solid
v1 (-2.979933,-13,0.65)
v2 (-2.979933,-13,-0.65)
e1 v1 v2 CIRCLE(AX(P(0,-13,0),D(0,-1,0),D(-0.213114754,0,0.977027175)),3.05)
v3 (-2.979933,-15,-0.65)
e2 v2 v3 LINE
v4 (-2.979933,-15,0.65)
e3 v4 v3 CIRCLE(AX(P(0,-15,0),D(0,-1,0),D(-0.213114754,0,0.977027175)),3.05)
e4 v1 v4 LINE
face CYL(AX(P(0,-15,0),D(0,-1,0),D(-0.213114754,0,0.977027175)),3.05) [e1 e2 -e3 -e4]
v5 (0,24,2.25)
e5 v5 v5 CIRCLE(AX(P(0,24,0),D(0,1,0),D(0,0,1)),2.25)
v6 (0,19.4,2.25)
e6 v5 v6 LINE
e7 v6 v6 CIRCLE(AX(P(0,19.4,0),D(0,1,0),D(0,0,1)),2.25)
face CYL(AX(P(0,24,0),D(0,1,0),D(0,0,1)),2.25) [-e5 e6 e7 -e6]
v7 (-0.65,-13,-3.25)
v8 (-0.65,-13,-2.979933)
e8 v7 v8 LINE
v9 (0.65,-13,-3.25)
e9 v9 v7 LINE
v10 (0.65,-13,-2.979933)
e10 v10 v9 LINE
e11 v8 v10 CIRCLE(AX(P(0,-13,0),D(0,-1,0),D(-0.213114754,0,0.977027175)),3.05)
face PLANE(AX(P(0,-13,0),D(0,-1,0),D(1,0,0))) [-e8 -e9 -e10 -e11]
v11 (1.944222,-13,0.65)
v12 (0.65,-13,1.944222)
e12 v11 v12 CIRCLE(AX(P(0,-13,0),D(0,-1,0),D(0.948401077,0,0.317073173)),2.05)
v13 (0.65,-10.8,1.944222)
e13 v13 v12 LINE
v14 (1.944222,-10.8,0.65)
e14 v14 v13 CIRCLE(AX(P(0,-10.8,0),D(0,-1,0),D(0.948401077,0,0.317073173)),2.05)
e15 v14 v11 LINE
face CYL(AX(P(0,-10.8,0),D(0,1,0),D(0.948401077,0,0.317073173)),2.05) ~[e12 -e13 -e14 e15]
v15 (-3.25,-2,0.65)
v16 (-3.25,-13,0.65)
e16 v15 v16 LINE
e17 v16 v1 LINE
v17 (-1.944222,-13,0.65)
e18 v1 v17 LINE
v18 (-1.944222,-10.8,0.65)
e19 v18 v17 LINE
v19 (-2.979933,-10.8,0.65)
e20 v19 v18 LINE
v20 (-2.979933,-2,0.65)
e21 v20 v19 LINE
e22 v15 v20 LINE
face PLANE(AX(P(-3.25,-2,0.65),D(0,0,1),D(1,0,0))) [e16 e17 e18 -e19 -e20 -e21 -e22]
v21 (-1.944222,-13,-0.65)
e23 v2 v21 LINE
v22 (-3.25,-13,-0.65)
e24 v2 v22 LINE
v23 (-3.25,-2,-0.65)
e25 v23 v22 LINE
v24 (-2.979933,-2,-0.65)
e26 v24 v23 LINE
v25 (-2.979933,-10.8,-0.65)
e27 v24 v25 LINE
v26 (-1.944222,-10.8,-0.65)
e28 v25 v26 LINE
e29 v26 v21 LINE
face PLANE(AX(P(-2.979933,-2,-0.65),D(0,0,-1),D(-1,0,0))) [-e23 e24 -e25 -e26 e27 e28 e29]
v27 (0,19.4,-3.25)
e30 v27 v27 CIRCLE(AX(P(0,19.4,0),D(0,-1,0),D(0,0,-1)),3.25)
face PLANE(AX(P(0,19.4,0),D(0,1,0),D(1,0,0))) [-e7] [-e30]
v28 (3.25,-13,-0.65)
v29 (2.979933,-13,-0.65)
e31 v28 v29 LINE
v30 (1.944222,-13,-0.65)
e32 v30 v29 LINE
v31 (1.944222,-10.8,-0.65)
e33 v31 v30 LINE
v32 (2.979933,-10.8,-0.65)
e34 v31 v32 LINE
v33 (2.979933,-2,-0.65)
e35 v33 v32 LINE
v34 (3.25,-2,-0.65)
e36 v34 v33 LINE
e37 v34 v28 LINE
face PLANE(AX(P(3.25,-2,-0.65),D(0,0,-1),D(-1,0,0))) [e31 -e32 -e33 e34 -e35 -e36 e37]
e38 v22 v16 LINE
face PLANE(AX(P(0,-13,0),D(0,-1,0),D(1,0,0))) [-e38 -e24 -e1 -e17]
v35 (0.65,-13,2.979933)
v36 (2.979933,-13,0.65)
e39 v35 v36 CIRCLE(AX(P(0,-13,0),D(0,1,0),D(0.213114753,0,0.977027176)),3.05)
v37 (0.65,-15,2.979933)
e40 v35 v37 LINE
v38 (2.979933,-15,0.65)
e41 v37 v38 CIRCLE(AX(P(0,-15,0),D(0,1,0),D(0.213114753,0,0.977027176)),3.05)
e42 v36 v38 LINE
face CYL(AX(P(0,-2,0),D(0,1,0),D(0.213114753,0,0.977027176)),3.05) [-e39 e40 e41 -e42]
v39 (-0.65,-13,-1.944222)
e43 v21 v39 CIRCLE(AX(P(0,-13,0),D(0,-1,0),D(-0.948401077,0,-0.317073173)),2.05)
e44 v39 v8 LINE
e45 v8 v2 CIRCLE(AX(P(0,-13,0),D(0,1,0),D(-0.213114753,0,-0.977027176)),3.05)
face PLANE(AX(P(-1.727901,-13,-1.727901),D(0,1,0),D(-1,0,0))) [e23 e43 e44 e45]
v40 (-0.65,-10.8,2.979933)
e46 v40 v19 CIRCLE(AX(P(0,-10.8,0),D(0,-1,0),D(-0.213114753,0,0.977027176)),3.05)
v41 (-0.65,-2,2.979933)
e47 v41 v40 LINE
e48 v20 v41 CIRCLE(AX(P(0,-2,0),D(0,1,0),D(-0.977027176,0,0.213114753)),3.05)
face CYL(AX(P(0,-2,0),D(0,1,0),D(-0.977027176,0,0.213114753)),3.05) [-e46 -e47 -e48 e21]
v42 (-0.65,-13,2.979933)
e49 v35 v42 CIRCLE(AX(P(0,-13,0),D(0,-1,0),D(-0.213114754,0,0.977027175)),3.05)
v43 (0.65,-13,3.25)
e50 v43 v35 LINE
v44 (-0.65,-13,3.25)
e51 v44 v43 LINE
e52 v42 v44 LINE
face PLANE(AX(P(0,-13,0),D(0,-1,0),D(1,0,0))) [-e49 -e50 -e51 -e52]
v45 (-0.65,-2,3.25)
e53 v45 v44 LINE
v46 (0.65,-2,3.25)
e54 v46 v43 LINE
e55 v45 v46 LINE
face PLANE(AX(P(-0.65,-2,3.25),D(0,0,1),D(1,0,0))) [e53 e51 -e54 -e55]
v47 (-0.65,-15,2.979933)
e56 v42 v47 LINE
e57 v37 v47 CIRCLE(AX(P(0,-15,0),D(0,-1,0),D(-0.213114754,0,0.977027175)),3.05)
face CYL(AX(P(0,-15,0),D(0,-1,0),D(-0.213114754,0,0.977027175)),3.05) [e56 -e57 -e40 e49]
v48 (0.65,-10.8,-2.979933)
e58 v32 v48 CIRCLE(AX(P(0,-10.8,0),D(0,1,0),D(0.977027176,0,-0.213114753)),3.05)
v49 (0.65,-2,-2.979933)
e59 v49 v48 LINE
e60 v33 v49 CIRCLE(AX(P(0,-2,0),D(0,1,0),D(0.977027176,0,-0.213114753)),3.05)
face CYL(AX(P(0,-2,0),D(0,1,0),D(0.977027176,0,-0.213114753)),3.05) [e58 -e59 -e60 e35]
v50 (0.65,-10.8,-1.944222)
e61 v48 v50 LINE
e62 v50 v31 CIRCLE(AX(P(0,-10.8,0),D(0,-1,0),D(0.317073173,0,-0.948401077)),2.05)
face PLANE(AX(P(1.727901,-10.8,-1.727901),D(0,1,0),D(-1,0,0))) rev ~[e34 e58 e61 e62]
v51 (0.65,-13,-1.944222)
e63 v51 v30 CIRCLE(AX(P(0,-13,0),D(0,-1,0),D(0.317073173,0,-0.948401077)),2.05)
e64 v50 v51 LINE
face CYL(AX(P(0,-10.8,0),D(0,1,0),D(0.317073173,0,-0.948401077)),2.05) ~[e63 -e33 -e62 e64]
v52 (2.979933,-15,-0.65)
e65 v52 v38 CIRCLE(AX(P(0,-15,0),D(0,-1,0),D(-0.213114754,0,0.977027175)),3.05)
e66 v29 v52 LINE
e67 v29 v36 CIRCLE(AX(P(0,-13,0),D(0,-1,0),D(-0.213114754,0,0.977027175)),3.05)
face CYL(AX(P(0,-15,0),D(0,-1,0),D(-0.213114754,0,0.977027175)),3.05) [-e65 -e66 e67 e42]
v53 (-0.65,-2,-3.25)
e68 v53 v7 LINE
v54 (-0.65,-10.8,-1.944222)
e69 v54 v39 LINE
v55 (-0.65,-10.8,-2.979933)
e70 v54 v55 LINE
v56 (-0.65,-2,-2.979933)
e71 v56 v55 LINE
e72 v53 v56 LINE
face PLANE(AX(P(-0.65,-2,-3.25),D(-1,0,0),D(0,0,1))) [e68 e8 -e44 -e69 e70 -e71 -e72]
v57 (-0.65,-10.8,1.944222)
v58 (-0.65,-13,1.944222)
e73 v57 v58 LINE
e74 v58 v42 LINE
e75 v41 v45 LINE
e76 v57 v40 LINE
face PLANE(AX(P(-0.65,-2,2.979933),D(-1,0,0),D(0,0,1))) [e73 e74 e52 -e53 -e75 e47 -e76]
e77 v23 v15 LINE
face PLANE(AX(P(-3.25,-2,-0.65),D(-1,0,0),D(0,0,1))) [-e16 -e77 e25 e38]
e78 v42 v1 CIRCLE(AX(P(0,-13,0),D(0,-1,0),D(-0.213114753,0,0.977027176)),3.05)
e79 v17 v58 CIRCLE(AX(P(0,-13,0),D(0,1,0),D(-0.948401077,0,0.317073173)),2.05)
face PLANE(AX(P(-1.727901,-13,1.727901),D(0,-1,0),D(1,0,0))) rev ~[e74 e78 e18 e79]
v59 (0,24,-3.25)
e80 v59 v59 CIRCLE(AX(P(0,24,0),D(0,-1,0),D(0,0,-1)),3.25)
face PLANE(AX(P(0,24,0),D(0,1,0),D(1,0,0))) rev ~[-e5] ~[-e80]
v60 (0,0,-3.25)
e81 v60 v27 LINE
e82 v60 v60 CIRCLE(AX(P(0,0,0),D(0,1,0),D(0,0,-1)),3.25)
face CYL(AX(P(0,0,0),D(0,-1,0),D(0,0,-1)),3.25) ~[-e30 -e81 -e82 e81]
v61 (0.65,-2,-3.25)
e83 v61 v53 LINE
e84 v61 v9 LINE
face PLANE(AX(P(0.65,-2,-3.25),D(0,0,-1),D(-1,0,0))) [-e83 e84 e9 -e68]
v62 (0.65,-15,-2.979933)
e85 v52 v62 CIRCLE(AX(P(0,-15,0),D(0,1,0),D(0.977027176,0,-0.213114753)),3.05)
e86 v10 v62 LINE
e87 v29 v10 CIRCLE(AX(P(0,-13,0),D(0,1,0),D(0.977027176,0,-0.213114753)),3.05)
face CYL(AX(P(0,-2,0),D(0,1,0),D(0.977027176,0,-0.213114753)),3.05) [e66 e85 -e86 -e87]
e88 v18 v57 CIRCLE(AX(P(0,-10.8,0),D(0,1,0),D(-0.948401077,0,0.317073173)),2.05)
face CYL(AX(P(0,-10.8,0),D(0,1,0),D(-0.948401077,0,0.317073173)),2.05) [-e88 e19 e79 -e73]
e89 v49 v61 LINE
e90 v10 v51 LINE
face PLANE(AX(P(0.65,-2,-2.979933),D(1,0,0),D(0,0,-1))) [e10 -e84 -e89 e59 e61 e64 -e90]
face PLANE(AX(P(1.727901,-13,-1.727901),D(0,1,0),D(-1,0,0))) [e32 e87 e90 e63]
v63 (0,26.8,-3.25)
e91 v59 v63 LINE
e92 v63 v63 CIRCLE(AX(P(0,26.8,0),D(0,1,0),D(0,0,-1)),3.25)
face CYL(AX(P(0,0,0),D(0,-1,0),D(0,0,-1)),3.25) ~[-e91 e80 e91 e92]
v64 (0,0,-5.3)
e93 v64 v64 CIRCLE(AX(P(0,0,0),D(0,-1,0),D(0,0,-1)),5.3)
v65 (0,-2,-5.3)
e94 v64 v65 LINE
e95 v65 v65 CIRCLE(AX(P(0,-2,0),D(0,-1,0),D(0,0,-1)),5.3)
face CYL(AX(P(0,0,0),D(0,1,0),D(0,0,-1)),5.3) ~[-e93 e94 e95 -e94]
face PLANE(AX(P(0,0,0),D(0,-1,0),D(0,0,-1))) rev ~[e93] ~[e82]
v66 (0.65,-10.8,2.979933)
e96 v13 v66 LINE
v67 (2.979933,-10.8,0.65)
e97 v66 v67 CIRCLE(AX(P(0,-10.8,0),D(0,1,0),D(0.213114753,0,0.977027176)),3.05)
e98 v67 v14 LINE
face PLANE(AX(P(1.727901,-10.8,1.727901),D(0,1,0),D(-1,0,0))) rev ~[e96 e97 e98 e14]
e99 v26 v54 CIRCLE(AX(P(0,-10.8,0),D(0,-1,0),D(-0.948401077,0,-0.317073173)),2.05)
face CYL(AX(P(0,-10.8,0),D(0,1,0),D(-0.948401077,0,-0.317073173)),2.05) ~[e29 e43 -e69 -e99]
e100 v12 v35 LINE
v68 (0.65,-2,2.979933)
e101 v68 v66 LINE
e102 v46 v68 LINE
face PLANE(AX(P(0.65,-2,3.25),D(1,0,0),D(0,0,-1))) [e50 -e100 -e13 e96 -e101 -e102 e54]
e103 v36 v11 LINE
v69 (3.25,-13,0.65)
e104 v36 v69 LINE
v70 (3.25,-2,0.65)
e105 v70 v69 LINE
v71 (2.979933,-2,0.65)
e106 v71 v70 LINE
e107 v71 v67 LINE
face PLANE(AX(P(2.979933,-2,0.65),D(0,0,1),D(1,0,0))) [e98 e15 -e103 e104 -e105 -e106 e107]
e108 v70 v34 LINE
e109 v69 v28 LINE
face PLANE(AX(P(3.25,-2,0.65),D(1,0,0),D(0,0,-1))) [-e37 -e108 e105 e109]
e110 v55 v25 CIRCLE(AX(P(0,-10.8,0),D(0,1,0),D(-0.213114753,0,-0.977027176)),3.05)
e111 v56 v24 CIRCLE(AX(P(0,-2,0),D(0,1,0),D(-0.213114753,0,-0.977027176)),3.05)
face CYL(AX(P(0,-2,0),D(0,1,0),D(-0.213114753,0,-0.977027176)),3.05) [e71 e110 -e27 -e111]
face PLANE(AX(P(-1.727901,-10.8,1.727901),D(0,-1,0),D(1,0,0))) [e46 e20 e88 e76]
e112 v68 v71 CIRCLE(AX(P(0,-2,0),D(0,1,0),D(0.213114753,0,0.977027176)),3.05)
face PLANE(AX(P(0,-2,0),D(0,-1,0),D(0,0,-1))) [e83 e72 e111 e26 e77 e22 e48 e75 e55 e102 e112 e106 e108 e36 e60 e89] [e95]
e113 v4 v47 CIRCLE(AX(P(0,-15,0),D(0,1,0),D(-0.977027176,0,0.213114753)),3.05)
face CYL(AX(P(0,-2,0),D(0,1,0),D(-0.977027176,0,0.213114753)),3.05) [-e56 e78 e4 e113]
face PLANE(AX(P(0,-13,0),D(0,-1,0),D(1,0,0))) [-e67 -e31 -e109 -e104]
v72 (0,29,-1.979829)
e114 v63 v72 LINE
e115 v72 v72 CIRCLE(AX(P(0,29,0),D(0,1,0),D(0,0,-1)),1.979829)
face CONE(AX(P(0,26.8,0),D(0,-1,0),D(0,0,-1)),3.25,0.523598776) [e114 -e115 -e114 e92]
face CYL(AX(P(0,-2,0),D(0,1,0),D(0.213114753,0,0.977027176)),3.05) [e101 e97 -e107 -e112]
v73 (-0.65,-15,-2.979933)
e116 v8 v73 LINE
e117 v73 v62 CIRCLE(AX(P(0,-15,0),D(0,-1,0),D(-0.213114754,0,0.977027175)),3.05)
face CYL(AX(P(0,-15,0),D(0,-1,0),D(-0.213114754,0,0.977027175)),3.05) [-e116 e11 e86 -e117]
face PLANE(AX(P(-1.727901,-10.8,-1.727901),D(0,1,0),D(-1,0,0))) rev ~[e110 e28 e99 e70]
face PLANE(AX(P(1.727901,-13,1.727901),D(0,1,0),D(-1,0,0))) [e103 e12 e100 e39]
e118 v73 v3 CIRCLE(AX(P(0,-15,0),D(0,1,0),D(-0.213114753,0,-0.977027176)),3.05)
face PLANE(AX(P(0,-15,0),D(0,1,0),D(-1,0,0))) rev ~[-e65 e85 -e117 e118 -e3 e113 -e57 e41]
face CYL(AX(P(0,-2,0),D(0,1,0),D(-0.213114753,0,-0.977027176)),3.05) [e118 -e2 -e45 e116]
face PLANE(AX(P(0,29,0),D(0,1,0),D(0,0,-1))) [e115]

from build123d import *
from build123d.topology import SkipClean

# Parameters (mm, degrees)
SKETCH_1_R          = 3.25
EXTRUDE_1_DEPTH     = 29
CUT_EXTRUDE_START   = -5
SKETCH_2_OUTSIDE_W  = 14.584
SKETCH_2_OUTSIDE_H  = 14.584
SKETCH_2_OUTSIDE_R  = 2.25
CUT_EXTRUDE_1_DEPTH = 4.6
CHAMFER_1_SIZE      = 2.2
CHAMFER_1_SIZE2     = 1.270170592
SKETCH_3_R          = 5.3
EXTRUDE_2_DEPTH     = 2
EXTRUDE_3_DEPTH     = 13
CUT_EXTRUDE_START_2 = -4.2
CUT_EXTRUDE_2_DEPTH = 2.2
SKETCH_6_OUTSIDE_W  = 21.896
SKETCH_6_OUTSIDE_H  = 21.896
SKETCH_6_OUTSIDE_R  = 3.05
CUT_EXTRUDE_3_DEPTH = 2


with BuildPart() as part:
    # Эскиз1 → Бобышка-Вытянуть1 (new body)
    with BuildSketch(Plane(origin=(0, 0, 0), x_dir=(1, 0, 0), z_dir=(0, 1, 0))):
        with Locations(Location((0, 0, 0), (0, 0, 90))):
            Circle(SKETCH_1_R)
    extrude(amount=EXTRUDE_1_DEPTH)

    # Эскиз2 outside → Вырез-Вытянуть1 (cut)
    with BuildSketch(Plane(origin=(0, 29, 0), x_dir=(1, 0, 0), z_dir=(0, 1, 0)).offset(CUT_EXTRUDE_START)):
        Rectangle(SKETCH_2_OUTSIDE_W, SKETCH_2_OUTSIDE_H)
        with Locations(Location((0, 0, 0), (0, 0, 270))):
            Circle(SKETCH_2_OUTSIDE_R, mode=Mode.SUBTRACT)
    extrude(amount=-CUT_EXTRUDE_1_DEPTH, mode=Mode.SUBTRACT)

    # Фаска1
    chamfer_1_edges = [part.edges().sort_by_distance(p)[0] for p in [
        (0, 29, 3.25),
    ]]
    chamfer_1_side = [part.faces().sort_by_distance(p)[0] for p in [
        (0, 26.5, 3.25),
    ]]
    chamfer(chamfer_1_edges, length=CHAMFER_1_SIZE, length2=CHAMFER_1_SIZE2, reference=chamfer_1_side[0])

    # Эскиз3 → Бобышка-Вытянуть2 (add)
    with BuildSketch(Plane.XZ):
        with Locations(Location((0, 0, 0), (0, 0, 270))):
            Circle(SKETCH_3_R)
    extrude(amount=EXTRUDE_2_DEPTH)

    # Эскиз4 → Бобышка-Вытянуть3 (add)
    with BuildSketch(Plane.XZ.offset(2)):
        with BuildLine():
            Line((-0.65, 3.25), (0.65, 3.25))
            Line((0.65, 3.25), (0.65, 2.979932885))
            ThreePointArc((0.65, 2.979932885), (2.156675683, 2.156675683), (2.979932885, 0.65))
            Line((2.979932885, 0.65), (3.25, 0.65))
            Line((3.25, 0.65), (3.25, -0.65))
            Line((3.25, -0.65), (2.979932885, -0.65))
            ThreePointArc((2.979932885, -0.65), (2.156675683, -2.156675683), (0.65, -2.979932885))
            Line((0.65, -2.979932885), (0.65, -3.25))
            Line((0.65, -3.25), (-0.65, -3.25))
            Line((-0.65, -3.25), (-0.65, -2.979932885))
            ThreePointArc((-0.65, -2.979932885), (-2.156675683, -2.156675683), (-2.979932885, -0.65))
            Line((-2.979932885, -0.65), (-3.25, -0.65))
            Line((-3.25, -0.65), (-3.25, 0.65))
            Line((-3.25, 0.65), (-2.979932885, 0.65))
            ThreePointArc((-2.979932885, 0.65), (-2.156675683, 2.156675683), (-0.65, 2.979932885))
            Line((-0.65, 2.979932885), (-0.65, 3.25))
        make_face()
    extrude(amount=EXTRUDE_3_DEPTH)

    # Эскиз5 → Вырез-Вытянуть2 (cut)
    with BuildSketch(Plane.XZ.offset(15).offset(CUT_EXTRUDE_START_2)):
        with BuildLine():
            Line((-2.979932885, 0.65), (-1.94422221, 0.65))
            ThreePointArc((-1.94422221, 0.65), (-1.449568901, 1.449568901), (-0.65, 1.94422221))
            Line((-0.65, 1.94422221), (-0.65, 2.979932885))
            ThreePointArc((-0.65, 2.979932885), (-2.156675683, 2.156675683), (-2.979932885, 0.65))
        make_face()
        with BuildLine():
            Line((2.979932885, 0.65), (1.94422221, 0.65))
            ThreePointArc((1.94422221, 0.65), (1.449568901, 1.449568901), (0.65, 1.94422221))
            Line((0.65, 1.94422221), (0.65, 2.979932885))
            ThreePointArc((0.65, 2.979932885), (2.156675683, 2.156675683), (2.979932885, 0.65))
        make_face()
        with BuildLine():
            Line((-0.65, -1.94422221), (-0.65, -2.979932885))
            ThreePointArc((-0.65, -2.979932885), (-2.156675683, -2.156675683), (-2.979932885, -0.65))
            Line((-2.979932885, -0.65), (-1.94422221, -0.65))
            ThreePointArc((-1.94422221, -0.65), (-1.449568901, -1.449568901), (-0.65, -1.94422221))
        make_face()
        with BuildLine():
            Line((0.65, -2.979932885), (0.65, -1.94422221))
            ThreePointArc((0.65, -1.94422221), (1.449568901, -1.449568901), (1.94422221, -0.65))
            Line((1.94422221, -0.65), (2.979932885, -0.65))
            ThreePointArc((2.979932885, -0.65), (2.156675683, -2.156675683), (0.65, -2.979932885))
        make_face()
    extrude(amount=CUT_EXTRUDE_2_DEPTH, mode=Mode.SUBTRACT)

    # Эскиз6 outside → Вырез-Вытянуть3 (cut)
    with SkipClean():  # the faces are left unmerged after this step: merging them gives an invalid solid
        with BuildSketch(Plane.XZ.offset(15)):
            Rectangle(SKETCH_6_OUTSIDE_W, SKETCH_6_OUTSIDE_H)
            with Locations(Location((0, 0, 0), (0, 0, 102.304947534))):
                Circle(SKETCH_6_OUTSIDE_R, mode=Mode.SUBTRACT)
        extrude(amount=-CUT_EXTRUDE_3_DEPTH, mode=Mode.SUBTRACT)


solid = part.part
